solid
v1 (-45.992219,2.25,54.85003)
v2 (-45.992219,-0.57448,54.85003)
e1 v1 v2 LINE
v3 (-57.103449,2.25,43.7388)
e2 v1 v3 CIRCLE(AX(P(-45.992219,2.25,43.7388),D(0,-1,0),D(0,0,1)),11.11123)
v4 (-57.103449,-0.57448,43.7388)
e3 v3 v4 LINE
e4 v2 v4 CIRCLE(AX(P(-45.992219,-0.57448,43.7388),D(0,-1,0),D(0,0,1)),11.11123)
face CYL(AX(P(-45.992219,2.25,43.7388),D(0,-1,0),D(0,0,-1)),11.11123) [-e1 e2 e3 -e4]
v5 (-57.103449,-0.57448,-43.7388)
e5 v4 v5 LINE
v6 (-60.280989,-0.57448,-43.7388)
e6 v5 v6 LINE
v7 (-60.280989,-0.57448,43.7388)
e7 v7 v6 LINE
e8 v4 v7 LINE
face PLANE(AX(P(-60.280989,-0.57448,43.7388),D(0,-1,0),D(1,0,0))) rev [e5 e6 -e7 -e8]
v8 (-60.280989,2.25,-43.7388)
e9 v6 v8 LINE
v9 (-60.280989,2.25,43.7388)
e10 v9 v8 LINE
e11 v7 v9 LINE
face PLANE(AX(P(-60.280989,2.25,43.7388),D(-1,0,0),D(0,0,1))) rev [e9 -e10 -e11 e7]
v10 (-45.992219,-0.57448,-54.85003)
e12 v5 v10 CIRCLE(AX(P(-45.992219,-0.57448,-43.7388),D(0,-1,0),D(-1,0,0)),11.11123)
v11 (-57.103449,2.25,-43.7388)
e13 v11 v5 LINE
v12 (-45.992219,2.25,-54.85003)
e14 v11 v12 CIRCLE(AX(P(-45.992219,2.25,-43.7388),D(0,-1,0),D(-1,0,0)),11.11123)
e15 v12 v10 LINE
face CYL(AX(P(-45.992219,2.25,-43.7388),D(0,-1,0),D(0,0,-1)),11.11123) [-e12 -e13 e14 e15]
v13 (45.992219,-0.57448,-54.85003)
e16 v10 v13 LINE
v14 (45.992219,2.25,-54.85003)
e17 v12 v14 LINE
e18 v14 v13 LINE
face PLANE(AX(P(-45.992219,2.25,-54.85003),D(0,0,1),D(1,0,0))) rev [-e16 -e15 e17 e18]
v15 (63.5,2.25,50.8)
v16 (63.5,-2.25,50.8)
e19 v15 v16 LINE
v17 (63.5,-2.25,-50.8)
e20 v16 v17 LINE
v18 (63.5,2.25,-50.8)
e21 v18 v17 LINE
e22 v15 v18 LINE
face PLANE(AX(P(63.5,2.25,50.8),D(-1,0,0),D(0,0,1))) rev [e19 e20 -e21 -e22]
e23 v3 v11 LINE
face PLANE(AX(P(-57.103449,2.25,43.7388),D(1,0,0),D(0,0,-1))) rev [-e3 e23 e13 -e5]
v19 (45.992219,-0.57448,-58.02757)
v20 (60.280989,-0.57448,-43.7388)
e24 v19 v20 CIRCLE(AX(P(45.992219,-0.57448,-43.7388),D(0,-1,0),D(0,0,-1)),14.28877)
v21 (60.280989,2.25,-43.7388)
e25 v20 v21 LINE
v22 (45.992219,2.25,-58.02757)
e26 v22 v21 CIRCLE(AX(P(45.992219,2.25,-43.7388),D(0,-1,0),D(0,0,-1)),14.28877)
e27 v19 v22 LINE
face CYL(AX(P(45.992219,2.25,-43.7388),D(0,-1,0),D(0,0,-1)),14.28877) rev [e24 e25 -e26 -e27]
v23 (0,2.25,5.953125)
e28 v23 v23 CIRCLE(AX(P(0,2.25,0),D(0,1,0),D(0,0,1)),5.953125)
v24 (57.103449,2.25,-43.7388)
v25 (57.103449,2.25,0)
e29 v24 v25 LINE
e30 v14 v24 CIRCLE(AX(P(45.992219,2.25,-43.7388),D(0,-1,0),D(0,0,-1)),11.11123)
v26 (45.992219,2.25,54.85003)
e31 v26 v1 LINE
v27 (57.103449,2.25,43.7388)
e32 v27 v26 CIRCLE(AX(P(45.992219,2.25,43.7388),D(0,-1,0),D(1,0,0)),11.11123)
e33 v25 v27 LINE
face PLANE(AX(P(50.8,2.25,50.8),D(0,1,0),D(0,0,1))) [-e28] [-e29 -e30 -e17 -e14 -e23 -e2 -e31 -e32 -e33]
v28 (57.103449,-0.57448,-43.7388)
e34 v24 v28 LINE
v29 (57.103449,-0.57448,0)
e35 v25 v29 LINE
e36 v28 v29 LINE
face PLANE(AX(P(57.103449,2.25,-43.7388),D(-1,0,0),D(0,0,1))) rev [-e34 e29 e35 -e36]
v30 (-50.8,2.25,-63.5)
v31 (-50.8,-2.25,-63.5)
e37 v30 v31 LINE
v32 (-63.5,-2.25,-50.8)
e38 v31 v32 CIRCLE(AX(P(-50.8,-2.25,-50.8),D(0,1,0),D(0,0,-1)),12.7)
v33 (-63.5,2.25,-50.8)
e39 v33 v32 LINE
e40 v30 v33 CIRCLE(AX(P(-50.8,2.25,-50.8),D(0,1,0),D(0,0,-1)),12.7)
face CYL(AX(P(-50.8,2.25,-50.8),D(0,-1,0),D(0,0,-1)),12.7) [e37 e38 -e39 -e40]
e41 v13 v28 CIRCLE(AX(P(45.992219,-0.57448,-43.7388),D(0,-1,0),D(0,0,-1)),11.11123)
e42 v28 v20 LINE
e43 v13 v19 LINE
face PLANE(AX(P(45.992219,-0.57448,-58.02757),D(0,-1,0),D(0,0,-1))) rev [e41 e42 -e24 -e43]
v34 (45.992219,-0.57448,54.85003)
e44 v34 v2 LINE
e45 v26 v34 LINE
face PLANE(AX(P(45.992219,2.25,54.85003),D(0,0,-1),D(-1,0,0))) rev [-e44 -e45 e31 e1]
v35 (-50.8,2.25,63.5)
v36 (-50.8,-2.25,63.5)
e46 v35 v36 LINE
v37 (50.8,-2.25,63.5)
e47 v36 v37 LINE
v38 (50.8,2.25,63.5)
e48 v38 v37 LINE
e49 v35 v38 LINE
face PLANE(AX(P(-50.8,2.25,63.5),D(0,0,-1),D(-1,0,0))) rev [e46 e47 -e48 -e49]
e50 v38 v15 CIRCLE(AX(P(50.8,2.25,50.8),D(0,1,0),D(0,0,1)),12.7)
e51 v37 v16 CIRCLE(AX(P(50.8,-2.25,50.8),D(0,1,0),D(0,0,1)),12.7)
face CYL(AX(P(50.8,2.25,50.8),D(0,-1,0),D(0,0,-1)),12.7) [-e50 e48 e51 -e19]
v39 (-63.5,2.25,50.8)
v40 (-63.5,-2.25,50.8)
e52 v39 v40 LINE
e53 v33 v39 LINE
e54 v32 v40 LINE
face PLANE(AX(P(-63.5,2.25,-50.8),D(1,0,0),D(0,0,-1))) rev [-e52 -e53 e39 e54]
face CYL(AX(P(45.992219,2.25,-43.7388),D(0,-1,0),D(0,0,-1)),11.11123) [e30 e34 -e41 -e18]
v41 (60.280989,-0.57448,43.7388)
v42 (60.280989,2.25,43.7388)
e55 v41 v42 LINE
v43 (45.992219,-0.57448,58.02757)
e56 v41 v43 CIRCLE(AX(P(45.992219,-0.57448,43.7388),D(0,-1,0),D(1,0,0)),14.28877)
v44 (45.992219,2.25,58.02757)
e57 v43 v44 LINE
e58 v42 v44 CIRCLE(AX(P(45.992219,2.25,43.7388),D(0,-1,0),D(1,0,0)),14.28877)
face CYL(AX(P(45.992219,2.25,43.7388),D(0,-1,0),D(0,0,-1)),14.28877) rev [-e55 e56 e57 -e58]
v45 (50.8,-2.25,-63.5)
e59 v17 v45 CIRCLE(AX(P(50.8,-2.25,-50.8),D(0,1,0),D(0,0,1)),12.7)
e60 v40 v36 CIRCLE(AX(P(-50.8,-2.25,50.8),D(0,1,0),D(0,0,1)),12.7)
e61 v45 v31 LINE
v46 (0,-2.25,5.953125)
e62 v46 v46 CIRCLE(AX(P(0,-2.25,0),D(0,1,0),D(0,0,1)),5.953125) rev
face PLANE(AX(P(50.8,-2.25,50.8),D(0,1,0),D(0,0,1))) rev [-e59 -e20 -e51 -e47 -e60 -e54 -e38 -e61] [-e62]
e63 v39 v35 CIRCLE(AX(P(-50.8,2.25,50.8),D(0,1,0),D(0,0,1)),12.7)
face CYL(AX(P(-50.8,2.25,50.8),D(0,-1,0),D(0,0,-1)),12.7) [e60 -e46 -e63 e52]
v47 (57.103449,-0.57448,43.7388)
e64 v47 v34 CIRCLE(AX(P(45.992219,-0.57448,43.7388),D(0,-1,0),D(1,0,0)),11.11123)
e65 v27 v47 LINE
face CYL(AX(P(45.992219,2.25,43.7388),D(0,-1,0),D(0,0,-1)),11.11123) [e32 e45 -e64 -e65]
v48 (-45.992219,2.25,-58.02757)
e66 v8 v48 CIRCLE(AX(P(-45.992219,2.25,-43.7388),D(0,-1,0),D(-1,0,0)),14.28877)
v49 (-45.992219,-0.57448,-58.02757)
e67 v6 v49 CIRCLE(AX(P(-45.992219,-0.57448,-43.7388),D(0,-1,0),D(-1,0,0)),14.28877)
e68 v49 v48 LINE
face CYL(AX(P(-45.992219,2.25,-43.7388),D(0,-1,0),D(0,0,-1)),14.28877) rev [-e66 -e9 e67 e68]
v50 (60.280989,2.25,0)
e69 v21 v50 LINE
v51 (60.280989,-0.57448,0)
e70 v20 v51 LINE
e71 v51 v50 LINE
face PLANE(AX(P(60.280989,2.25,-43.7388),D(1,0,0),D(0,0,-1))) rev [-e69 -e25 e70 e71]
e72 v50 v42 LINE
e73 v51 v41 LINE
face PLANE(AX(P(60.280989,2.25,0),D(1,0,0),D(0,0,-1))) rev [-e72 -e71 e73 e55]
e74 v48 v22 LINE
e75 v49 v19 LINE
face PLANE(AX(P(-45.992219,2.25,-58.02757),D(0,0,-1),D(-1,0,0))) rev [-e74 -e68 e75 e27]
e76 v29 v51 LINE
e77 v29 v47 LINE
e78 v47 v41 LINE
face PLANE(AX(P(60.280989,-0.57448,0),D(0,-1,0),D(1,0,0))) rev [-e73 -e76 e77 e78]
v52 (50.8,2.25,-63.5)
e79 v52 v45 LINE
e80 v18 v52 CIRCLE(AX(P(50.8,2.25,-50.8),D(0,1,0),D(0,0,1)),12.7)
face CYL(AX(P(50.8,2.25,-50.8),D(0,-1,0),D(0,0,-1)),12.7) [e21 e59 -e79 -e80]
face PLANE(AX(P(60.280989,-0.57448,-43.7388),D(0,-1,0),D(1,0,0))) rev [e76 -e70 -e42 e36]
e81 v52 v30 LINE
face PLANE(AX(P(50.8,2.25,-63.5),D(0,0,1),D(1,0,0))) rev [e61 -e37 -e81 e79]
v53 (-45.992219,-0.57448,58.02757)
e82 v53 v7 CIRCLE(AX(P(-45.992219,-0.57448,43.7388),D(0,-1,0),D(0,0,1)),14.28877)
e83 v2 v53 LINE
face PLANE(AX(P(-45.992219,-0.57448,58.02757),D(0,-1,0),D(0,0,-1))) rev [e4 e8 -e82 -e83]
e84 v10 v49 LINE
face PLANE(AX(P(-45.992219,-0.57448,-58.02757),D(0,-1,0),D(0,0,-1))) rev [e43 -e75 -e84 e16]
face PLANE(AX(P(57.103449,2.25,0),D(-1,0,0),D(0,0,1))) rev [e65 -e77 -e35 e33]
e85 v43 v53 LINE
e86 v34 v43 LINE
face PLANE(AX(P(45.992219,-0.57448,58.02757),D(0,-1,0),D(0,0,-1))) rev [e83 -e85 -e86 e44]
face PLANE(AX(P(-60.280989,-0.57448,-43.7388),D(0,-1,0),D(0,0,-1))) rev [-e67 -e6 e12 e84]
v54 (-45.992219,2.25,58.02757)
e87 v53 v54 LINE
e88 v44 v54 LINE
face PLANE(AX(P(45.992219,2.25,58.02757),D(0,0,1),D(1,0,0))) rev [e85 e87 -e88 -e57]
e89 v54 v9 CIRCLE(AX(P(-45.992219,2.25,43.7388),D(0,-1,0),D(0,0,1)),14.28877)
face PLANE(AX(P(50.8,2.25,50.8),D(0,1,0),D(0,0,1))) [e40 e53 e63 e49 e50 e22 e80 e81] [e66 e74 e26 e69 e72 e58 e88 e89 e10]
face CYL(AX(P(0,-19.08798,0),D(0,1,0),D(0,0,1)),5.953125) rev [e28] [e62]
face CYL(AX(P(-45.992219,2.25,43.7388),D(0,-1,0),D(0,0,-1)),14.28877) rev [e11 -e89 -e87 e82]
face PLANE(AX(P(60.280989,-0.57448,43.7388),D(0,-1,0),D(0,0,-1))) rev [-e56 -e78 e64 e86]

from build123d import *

# Parameters (mm, degrees)
MAIN_BODY_DEPTH      = 2.25
SKETCH29_R           = 5.953125
PNEUMATICMOUNT_DEPTH = 4.5
ORINGINSERTPROFILE_W = 3.17754
ORINGINSERTPROFILE_H = 2.82448


with BuildPart() as part:
    # Sketch1 → main body (new, symmetric)
    with BuildSketch(Plane(origin=(0, 0, 0), x_dir=(1, 0, 0), z_dir=(0, 1, 0))):
        with BuildLine():
            Line((-63.5, 50.8), (-63.5, -50.8))
            ThreePointArc((-63.5, -50.8), (-59.780256121, -59.780256121), (-50.8, -63.5))
            Line((-50.8, -63.5), (50.8, -63.5))
            ThreePointArc((50.8, -63.5), (59.780256121, -59.780256121), (63.5, -50.8))
            Line((63.5, -50.8), (63.5, 50.8))
            ThreePointArc((63.5, 50.8), (59.780256121, 59.780256121), (50.8, 63.5))
            Line((50.8, 63.5), (-50.8, 63.5))
            ThreePointArc((-50.8, 63.5), (-59.780256121, 59.780256121), (-63.5, 50.8))
        make_face()
    extrude(amount=MAIN_BODY_DEPTH, both=True)

    # Sketch29 → PneumaticMount (cut)
    with BuildSketch(Plane(origin=(0, 2.25, 0), x_dir=(1, 0, 0), z_dir=(0, 1, 0))):
        with Locations(Location((0, 0, 0), (0, 0, 270))):
            Circle(SKETCH29_R)
    extrude(amount=-PNEUMATICMOUNT_DEPTH, mode=Mode.SUBTRACT)

    # O-RingInsert: sweep along a path in ORingInsertPath
    with BuildLine(Plane(origin=(0, 2.25, 0), x_dir=(1, 0, 0), z_dir=(0, 1, 0))) as o_ringinsert_path:
        Line((-45.992219207, -56.4388), (45.992219207, -56.4388))
        ThreePointArc((45.992219207, -56.4388), (54.972475328, -52.719056121), (58.692219207, -43.7388))
        Line((58.692219207, -43.7388), (58.692219207, 43.7388))
        ThreePointArc((58.692219207, 43.7388), (54.972475328, 52.719056121), (45.992219207, 56.4388))
        Line((45.992219207, 56.4388), (-45.992219207, 56.4388))
        ThreePointArc((-45.992219207, 56.4388), (-54.972475328, 52.719056121), (-58.692219207, 43.7388))
        Line((-58.692219207, 43.7388), (-58.692219207, -43.7388))
        ThreePointArc((-58.692219207, -43.7388), (-54.972475328, -52.719056121), (-45.992219207, -56.4388))
    # ORingInsertProfile → O-RingInsert (sweep, cut)
    with BuildSketch(Plane.XY):
        with Locations((58.692219207, 0.83776)):
            Rectangle(ORINGINSERTPROFILE_W, ORINGINSERTPROFILE_H)
    sweep(path=o_ringinsert_path.line, mode=Mode.SUBTRACT)


solid = part.part
